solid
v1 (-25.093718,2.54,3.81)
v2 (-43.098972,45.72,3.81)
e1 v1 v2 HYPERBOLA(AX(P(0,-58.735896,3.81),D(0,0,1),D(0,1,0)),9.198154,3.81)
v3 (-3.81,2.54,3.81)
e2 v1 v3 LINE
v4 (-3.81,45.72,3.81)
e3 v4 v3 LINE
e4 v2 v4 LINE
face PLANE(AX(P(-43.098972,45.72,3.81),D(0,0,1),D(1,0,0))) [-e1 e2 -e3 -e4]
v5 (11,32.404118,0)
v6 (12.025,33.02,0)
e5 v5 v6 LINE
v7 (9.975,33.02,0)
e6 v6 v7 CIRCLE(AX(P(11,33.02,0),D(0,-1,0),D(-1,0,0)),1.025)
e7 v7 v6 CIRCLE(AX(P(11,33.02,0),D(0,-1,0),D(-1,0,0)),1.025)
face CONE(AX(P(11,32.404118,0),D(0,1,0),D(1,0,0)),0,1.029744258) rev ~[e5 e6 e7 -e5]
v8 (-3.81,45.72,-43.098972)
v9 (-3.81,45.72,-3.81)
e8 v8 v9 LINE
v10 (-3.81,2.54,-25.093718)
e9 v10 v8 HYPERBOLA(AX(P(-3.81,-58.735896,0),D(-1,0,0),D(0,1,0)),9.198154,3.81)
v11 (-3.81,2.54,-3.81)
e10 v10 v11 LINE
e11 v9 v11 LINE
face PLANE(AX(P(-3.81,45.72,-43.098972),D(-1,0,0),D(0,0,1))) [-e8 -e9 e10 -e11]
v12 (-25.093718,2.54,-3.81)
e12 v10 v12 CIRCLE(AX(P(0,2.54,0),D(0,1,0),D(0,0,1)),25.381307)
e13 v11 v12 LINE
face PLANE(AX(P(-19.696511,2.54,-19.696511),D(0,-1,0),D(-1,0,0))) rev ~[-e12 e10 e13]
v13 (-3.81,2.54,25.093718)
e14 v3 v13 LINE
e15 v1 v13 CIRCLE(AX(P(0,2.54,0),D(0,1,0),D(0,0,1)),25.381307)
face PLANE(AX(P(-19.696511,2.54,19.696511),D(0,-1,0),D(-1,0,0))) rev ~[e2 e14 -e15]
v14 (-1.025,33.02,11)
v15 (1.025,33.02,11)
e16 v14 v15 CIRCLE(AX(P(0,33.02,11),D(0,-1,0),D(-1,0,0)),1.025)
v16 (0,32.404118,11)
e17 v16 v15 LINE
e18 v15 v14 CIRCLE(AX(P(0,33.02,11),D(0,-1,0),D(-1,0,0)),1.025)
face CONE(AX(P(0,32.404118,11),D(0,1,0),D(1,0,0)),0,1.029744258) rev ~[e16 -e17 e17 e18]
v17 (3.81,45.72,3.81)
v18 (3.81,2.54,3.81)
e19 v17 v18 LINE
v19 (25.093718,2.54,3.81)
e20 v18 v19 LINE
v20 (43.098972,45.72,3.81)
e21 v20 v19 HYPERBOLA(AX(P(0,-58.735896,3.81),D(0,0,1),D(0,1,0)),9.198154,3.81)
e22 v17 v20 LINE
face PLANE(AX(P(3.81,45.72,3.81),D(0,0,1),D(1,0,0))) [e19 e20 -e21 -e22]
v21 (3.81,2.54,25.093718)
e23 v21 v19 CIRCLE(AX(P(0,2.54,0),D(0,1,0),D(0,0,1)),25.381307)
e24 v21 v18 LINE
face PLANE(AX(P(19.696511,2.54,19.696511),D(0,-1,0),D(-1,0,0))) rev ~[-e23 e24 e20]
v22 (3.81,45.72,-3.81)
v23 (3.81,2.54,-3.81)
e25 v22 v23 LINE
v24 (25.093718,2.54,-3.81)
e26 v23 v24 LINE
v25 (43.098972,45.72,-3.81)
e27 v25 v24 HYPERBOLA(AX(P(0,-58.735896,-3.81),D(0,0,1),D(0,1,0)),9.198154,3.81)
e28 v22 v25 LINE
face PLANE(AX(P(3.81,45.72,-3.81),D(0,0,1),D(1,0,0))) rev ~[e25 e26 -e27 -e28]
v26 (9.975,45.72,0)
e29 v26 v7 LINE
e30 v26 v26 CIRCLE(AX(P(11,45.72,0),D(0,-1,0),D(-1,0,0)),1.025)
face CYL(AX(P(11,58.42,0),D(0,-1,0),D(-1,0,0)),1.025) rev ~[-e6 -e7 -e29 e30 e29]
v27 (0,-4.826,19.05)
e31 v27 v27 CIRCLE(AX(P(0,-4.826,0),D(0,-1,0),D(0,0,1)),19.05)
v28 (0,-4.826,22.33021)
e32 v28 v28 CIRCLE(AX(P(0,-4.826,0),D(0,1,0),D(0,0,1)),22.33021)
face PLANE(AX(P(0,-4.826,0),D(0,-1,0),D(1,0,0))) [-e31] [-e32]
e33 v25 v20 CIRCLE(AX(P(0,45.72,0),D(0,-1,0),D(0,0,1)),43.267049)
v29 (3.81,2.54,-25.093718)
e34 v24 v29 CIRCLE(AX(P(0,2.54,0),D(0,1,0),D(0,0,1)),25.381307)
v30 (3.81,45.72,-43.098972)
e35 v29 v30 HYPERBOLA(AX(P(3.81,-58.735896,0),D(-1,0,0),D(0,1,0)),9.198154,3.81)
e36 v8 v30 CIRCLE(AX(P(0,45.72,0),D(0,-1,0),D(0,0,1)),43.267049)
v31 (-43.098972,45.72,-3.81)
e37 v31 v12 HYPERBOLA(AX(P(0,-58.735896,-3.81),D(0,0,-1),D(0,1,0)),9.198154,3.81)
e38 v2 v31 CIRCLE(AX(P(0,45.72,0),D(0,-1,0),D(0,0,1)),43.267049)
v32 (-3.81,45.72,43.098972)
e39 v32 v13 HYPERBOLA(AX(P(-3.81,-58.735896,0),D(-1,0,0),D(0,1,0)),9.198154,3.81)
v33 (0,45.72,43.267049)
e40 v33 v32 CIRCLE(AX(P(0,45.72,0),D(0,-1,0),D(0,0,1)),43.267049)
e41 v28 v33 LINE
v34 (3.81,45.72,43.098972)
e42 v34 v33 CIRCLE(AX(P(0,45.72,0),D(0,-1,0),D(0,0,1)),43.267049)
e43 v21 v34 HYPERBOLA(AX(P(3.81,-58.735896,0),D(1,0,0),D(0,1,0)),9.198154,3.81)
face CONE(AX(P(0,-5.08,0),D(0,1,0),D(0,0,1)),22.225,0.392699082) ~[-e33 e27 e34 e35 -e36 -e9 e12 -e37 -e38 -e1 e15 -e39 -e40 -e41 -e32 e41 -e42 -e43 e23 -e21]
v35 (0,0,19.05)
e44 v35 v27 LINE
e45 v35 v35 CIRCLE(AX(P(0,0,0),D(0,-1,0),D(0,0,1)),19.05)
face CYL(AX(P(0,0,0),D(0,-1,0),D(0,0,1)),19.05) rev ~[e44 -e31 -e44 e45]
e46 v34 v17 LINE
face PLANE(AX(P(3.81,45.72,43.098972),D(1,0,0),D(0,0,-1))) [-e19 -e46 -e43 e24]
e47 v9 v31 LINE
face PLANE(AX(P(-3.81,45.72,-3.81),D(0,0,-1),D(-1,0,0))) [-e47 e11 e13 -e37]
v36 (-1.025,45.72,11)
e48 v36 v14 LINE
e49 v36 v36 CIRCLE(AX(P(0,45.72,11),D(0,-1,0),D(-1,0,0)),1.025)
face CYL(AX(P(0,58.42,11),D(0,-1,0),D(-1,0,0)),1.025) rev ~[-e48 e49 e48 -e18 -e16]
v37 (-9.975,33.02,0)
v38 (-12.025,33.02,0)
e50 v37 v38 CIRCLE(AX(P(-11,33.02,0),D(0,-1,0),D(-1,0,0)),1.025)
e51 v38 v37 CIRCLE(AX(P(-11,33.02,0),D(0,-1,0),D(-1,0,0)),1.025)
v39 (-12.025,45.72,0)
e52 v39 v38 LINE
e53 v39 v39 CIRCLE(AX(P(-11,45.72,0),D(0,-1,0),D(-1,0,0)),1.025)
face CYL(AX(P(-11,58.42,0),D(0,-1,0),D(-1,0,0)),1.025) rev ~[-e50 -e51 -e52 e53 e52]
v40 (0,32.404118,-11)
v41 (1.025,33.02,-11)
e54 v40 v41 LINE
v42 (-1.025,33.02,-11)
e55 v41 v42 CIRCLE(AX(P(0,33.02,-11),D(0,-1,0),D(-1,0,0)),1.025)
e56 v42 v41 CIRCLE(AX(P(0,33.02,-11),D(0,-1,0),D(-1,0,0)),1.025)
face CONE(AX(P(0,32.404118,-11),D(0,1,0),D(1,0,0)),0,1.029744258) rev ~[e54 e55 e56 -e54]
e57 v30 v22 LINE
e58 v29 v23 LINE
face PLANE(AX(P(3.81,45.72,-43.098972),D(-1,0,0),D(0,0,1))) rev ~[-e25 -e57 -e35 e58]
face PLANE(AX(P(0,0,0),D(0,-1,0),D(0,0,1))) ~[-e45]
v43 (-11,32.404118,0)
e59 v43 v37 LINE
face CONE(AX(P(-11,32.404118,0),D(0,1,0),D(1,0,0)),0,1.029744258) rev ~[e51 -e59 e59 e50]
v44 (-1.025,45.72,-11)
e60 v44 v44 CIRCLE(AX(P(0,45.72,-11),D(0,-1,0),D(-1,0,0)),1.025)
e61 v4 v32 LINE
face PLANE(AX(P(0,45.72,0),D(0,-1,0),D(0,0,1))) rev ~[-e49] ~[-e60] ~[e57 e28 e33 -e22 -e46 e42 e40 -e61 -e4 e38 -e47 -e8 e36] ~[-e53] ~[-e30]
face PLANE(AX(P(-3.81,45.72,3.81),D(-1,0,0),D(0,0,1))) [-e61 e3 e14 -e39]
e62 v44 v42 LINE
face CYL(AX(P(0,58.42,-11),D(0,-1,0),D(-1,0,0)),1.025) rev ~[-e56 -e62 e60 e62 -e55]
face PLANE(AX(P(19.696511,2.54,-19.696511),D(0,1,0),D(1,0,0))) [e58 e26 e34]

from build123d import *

# Parameters (mm, degrees)
M2_5X0_45_TAPPED_HOLE1_D     = 2.05
M2_5X0_45_TAPPED_HOLE1_DEPTH = 12.7
M2_5X0_45_TAPPED_HOLE1_TIP   = 0.615882135
CROSS_WEIGHT_REDUCTION_DEPTH = 43.18
SKETCH5_R                    = 33.817028943
CUT_EXTRUDE1_DEPTH           = 0.254


with BuildPart() as part:
    # Sketch1 → Revolve1 (revolve)
    with BuildSketch(Plane(origin=(0, 0, 0), x_dir=(0, 0, -1), z_dir=(1, 0, 0))):
        Polygon((0, 0), (-19.05, 0), (-19.05, -5.08), (-22.225, -5.08), (-43.267048969, 45.72), (0, 45.72), align=None)
    revolve(axis=Axis((0, 0, 0), (0, -1, 0)))

    # M2.5x0.45 Tapped Hole1
    with Locations(Plane(origin=(0, 45.72, 0), x_dir=(1, 0, 0), z_dir=(0, 1, 0))):
        with Locations((0, 11), (11, 0), (0, -11), (-11, 0)):
            Hole(M2_5X0_45_TAPPED_HOLE1_D / 2, depth=M2_5X0_45_TAPPED_HOLE1_DEPTH)
            with Locations((0, 0, -(M2_5X0_45_TAPPED_HOLE1_DEPTH + M2_5X0_45_TAPPED_HOLE1_TIP / 2))):  # 118° drill point
                Cone(0, M2_5X0_45_TAPPED_HOLE1_D / 2, M2_5X0_45_TAPPED_HOLE1_TIP, mode=Mode.SUBTRACT)

    # Sketch2 → cross_weight_reduction (cut)
    with BuildSketch(Plane(origin=(0, 45.72, 0), x_dir=(1, 0, 0), z_dir=(0, 1, 0))):
        with BuildLine():
            Line((-3.81, -3.81), (-3.81, -43.098972452))
            ThreePointArc((-3.81, -43.098972452), (-30.594423728, -30.594423728), (-43.098972452, -3.81))
            Line((-43.098972452, -3.81), (-3.81, -3.81))
        make_face()
        with BuildLine():
            Line((-3.81, 43.098972452), (-3.81, 3.81))
            Line((-3.81, 3.81), (-43.098972452, 3.81))
            ThreePointArc((-43.098972452, 3.81), (-30.594423728, 30.594423728), (-3.81, 43.098972452))
        make_face()
        with BuildLine():
            Line((3.81, -43.098972452), (3.81, -3.81))
            Line((3.81, -3.81), (43.098972452, -3.81))
            ThreePointArc((43.098972452, -3.81), (30.594423728, -30.594423728), (3.81, -43.098972452))
        make_face()
        with BuildLine():
            Line((3.81, 3.81), (43.098972452, 3.81))
            ThreePointArc((43.098972452, 3.81), (30.594423728, 30.594423728), (3.81, 43.098972452))
            Line((3.81, 43.098972452), (3.81, 3.81))
        make_face()
    extrude(amount=-CROSS_WEIGHT_REDUCTION_DEPTH, mode=Mode.SUBTRACT)

    # Sketch5 → Cut-Extrude1 (cut)
    with BuildSketch(Plane.XZ.offset(5.08)):
        Circle(SKETCH5_R)
    extrude(amount=-CUT_EXTRUDE1_DEPTH, mode=Mode.SUBTRACT)


solid = part.part
